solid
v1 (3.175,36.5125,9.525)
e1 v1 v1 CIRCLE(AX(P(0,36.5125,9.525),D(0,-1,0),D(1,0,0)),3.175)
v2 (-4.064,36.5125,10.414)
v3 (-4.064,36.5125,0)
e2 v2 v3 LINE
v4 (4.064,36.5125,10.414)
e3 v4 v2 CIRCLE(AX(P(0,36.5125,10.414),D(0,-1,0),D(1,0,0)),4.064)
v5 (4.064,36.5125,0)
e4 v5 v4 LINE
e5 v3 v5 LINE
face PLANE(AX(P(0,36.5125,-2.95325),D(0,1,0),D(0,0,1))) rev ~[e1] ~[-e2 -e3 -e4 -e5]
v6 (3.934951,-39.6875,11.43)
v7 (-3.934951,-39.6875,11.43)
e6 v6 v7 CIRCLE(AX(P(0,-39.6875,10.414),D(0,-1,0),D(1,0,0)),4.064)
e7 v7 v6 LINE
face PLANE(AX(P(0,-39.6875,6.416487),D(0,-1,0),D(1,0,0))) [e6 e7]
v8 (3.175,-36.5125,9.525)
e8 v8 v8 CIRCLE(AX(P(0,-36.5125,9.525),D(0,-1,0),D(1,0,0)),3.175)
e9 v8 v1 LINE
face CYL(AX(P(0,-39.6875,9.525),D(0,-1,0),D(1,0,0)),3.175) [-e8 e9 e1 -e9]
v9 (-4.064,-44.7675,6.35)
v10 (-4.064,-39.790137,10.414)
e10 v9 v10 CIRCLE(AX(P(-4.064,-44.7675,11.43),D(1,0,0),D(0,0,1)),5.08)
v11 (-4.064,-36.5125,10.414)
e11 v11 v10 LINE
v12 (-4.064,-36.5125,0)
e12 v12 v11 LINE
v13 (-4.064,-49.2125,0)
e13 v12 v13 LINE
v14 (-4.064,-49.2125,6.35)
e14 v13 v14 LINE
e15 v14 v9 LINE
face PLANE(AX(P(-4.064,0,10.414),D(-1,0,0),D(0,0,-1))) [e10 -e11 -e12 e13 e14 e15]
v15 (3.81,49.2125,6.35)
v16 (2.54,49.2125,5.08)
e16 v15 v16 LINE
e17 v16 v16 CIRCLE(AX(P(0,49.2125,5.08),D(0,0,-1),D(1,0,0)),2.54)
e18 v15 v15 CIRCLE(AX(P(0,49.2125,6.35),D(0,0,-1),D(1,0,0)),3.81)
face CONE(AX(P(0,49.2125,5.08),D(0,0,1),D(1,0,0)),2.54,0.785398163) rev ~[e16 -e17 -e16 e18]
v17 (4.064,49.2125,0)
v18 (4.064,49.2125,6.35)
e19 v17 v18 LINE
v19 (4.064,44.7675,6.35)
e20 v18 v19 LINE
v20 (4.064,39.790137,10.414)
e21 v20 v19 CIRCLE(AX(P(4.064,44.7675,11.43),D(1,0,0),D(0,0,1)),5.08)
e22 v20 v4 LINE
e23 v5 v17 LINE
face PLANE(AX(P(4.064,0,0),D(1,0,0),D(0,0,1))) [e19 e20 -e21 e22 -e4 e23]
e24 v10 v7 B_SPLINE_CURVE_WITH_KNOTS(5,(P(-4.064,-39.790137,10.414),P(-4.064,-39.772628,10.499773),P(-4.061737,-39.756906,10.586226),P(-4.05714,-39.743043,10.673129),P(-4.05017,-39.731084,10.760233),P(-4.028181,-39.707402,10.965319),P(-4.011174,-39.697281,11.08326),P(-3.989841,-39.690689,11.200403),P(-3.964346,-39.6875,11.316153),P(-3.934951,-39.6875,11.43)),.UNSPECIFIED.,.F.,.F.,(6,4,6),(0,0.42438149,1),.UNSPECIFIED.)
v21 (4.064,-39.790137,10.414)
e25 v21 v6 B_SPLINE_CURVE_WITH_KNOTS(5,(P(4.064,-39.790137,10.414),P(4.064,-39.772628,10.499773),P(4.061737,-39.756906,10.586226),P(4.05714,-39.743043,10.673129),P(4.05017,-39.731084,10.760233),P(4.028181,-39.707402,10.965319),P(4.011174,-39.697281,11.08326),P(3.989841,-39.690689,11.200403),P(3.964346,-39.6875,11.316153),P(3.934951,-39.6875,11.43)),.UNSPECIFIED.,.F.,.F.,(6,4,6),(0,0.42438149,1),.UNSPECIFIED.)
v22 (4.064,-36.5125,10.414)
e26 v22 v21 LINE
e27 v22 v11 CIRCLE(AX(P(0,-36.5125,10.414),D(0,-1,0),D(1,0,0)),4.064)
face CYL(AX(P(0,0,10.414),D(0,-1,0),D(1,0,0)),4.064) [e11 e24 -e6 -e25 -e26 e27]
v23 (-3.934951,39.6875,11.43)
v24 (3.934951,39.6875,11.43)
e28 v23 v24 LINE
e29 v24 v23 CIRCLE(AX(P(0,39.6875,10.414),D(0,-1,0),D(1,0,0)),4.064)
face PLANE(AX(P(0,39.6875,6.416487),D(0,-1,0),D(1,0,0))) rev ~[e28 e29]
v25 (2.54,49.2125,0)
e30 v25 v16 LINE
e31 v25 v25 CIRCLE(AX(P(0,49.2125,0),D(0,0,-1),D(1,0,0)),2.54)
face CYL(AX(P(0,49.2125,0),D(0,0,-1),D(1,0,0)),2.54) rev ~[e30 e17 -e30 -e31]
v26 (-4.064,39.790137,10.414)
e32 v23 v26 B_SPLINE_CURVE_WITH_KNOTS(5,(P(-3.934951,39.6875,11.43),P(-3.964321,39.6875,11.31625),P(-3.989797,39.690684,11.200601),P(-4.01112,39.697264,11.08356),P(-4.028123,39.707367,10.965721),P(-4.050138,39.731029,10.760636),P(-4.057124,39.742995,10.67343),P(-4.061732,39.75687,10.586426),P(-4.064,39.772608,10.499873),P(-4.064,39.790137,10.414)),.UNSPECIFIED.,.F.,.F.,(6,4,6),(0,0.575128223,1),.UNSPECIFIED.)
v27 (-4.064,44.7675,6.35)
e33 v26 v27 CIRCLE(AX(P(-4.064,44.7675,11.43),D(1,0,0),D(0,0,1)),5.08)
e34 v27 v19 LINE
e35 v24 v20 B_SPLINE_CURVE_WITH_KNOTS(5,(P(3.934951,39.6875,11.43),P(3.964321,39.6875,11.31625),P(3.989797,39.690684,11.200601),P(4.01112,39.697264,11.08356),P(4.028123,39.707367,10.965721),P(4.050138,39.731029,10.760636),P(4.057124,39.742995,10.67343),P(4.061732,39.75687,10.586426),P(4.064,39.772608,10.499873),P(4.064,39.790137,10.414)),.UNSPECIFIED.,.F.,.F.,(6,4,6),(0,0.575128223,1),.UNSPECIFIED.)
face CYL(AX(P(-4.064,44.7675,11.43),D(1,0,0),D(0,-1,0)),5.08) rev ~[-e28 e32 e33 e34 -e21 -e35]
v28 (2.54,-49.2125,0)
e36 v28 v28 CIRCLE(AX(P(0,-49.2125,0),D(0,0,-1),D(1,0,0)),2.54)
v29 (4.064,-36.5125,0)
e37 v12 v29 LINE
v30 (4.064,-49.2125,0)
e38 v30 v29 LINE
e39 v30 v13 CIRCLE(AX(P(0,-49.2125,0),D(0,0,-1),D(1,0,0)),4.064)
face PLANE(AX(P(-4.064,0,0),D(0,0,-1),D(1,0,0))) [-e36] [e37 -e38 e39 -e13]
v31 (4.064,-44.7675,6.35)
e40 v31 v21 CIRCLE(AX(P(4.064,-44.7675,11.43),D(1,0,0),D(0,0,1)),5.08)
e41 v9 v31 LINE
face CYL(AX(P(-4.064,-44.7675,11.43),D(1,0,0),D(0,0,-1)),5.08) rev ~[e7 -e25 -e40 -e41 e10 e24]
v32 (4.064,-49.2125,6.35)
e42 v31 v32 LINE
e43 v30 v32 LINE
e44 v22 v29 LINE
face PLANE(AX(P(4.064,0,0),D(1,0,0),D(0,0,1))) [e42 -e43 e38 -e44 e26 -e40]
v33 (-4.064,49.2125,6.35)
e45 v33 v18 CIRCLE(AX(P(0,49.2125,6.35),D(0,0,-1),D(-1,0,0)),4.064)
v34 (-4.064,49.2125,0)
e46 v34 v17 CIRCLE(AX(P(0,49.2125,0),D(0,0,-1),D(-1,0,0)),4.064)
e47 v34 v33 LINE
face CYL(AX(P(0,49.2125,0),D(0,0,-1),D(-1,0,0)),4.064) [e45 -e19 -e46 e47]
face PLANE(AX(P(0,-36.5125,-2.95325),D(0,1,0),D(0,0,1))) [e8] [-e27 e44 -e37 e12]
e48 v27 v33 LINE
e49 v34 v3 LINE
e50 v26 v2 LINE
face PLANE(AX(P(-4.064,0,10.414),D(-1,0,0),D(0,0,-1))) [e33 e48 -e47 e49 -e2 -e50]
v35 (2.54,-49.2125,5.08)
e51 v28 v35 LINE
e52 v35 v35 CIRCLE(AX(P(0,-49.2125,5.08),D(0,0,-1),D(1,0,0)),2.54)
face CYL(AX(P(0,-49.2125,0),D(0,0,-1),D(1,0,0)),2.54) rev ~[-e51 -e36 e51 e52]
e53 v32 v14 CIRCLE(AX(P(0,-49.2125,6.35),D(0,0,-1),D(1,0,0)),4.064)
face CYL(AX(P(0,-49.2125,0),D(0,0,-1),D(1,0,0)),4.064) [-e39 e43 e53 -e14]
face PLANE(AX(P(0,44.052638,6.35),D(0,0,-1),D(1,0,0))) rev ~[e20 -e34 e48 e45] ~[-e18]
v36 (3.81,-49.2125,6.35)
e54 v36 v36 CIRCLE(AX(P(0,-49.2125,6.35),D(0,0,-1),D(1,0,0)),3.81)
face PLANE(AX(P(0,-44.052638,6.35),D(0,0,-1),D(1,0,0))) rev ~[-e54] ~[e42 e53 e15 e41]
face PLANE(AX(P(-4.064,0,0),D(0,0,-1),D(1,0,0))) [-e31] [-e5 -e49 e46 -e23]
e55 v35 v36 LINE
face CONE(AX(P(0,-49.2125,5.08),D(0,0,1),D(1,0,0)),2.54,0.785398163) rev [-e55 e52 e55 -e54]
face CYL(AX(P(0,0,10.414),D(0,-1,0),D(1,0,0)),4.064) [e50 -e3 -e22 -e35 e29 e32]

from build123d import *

# Parameters (mm, degrees)
F0_R     = 3.175
F1_DEPTH = 39.6875
F2_W     = 73.025
F2_H     = 18.185855
F3_DEPTH = 12.7
F4_R     = 3.175
F5_DEPTH = 79.375
F6_W     = 9.525
F6_H     = 3.175
F7_DEPTH = 12.7
F8_R     = 2.54
F9_DEPTH = 6.35
F10_R    = 5.08
F11_SIZE = 1.27


with BuildPart() as f1:
    # F0 (on Front) → F1 (new body, symmetric)
    with BuildSketch(Plane.XZ):
        with BuildLine():
            Line((4.064, 0), (4.064, 10.414))
            ThreePointArc((4.064, 10.414), (0, 14.478), (-4.064, 10.414))
            Line((-4.064, 10.414), (-4.064, 0))
            Line((-4.064, 0), (4.064, 0))
        make_face()
        with Locations((0, 9.525)):
            Circle(F0_R, mode=Mode.SUBTRACT)
    extrude(amount=F1_DEPTH, both=True)

    # F2 (on Right) → F3 (cut, symmetric)
    with BuildSketch(Plane.YZ):
        with Locations((0, 6.139678)):
            Rectangle(F2_W, F2_H)
    extrude(amount=F3_DEPTH, both=True, mode=Mode.SUBTRACT)

    # F4 (on face) → F5 (join)
    with BuildSketch(Plane.XZ.offset(39.6875)):
        with Locations((0, 9.525)):
            Circle(F4_R)
    extrude(amount=-F5_DEPTH)

    # F6 (on Right) → F7 (cut, symmetric)
    with BuildSketch(Plane.YZ):
        with Locations((-30.7975, 2.8575)):
            Rectangle(F6_W, F6_H)
        with Locations((30.7975, 2.8575)):
            Rectangle(F6_W, F6_H)
    extrude(amount=F7_DEPTH, both=True, mode=Mode.SUBTRACT)

    # F8 (on face) → F9 (join)
    with BuildSketch(Plane(origin=(0, 0, 0), x_dir=(1, 0, 0), z_dir=(0, 0, -1))):
        with BuildLine():
            Line((-4.064, 36.5125), (4.064, 36.5125))
            Line((4.064, 36.5125), (4.064, 49.2125))
            ThreePointArc((4.064, 49.2125), (0, 53.2765), (-4.064, 49.2125))
            Line((-4.064, 49.2125), (-4.064, 36.5125))
        make_face()
        with Locations((0, 49.2125)):
            Circle(F8_R, mode=Mode.SUBTRACT)
        with BuildLine():
            ThreePointArc((-4.064, -49.2125), (0, -53.2765), (4.064, -49.2125))
            Line((4.064, -49.2125), (4.064, -36.5125))
            Line((4.064, -36.5125), (-4.064, -36.5125))
            Line((-4.064, -36.5125), (-4.064, -49.2125))
        make_face()
        with Locations((0, -49.2125)):
            Circle(F8_R, mode=Mode.SUBTRACT)
    extrude(amount=-F9_DEPTH)

    # F10
    f10_edges = [f1.edges().sort_by_distance(p)[0] for p in [
        (0, 39.6875, 6.35),
        (0, -39.6875, 6.35),
    ]]
    fillet(f10_edges, radius=F10_R)

    # F11
    f11_edges = [f1.edges().sort_by_distance(p)[0] for p in [
        (-2.54, -49.2125, 6.35),
        (-2.54, 49.2125, 6.35),
    ]]
    chamfer(f11_edges, length=F11_SIZE)


solid = f1.part
